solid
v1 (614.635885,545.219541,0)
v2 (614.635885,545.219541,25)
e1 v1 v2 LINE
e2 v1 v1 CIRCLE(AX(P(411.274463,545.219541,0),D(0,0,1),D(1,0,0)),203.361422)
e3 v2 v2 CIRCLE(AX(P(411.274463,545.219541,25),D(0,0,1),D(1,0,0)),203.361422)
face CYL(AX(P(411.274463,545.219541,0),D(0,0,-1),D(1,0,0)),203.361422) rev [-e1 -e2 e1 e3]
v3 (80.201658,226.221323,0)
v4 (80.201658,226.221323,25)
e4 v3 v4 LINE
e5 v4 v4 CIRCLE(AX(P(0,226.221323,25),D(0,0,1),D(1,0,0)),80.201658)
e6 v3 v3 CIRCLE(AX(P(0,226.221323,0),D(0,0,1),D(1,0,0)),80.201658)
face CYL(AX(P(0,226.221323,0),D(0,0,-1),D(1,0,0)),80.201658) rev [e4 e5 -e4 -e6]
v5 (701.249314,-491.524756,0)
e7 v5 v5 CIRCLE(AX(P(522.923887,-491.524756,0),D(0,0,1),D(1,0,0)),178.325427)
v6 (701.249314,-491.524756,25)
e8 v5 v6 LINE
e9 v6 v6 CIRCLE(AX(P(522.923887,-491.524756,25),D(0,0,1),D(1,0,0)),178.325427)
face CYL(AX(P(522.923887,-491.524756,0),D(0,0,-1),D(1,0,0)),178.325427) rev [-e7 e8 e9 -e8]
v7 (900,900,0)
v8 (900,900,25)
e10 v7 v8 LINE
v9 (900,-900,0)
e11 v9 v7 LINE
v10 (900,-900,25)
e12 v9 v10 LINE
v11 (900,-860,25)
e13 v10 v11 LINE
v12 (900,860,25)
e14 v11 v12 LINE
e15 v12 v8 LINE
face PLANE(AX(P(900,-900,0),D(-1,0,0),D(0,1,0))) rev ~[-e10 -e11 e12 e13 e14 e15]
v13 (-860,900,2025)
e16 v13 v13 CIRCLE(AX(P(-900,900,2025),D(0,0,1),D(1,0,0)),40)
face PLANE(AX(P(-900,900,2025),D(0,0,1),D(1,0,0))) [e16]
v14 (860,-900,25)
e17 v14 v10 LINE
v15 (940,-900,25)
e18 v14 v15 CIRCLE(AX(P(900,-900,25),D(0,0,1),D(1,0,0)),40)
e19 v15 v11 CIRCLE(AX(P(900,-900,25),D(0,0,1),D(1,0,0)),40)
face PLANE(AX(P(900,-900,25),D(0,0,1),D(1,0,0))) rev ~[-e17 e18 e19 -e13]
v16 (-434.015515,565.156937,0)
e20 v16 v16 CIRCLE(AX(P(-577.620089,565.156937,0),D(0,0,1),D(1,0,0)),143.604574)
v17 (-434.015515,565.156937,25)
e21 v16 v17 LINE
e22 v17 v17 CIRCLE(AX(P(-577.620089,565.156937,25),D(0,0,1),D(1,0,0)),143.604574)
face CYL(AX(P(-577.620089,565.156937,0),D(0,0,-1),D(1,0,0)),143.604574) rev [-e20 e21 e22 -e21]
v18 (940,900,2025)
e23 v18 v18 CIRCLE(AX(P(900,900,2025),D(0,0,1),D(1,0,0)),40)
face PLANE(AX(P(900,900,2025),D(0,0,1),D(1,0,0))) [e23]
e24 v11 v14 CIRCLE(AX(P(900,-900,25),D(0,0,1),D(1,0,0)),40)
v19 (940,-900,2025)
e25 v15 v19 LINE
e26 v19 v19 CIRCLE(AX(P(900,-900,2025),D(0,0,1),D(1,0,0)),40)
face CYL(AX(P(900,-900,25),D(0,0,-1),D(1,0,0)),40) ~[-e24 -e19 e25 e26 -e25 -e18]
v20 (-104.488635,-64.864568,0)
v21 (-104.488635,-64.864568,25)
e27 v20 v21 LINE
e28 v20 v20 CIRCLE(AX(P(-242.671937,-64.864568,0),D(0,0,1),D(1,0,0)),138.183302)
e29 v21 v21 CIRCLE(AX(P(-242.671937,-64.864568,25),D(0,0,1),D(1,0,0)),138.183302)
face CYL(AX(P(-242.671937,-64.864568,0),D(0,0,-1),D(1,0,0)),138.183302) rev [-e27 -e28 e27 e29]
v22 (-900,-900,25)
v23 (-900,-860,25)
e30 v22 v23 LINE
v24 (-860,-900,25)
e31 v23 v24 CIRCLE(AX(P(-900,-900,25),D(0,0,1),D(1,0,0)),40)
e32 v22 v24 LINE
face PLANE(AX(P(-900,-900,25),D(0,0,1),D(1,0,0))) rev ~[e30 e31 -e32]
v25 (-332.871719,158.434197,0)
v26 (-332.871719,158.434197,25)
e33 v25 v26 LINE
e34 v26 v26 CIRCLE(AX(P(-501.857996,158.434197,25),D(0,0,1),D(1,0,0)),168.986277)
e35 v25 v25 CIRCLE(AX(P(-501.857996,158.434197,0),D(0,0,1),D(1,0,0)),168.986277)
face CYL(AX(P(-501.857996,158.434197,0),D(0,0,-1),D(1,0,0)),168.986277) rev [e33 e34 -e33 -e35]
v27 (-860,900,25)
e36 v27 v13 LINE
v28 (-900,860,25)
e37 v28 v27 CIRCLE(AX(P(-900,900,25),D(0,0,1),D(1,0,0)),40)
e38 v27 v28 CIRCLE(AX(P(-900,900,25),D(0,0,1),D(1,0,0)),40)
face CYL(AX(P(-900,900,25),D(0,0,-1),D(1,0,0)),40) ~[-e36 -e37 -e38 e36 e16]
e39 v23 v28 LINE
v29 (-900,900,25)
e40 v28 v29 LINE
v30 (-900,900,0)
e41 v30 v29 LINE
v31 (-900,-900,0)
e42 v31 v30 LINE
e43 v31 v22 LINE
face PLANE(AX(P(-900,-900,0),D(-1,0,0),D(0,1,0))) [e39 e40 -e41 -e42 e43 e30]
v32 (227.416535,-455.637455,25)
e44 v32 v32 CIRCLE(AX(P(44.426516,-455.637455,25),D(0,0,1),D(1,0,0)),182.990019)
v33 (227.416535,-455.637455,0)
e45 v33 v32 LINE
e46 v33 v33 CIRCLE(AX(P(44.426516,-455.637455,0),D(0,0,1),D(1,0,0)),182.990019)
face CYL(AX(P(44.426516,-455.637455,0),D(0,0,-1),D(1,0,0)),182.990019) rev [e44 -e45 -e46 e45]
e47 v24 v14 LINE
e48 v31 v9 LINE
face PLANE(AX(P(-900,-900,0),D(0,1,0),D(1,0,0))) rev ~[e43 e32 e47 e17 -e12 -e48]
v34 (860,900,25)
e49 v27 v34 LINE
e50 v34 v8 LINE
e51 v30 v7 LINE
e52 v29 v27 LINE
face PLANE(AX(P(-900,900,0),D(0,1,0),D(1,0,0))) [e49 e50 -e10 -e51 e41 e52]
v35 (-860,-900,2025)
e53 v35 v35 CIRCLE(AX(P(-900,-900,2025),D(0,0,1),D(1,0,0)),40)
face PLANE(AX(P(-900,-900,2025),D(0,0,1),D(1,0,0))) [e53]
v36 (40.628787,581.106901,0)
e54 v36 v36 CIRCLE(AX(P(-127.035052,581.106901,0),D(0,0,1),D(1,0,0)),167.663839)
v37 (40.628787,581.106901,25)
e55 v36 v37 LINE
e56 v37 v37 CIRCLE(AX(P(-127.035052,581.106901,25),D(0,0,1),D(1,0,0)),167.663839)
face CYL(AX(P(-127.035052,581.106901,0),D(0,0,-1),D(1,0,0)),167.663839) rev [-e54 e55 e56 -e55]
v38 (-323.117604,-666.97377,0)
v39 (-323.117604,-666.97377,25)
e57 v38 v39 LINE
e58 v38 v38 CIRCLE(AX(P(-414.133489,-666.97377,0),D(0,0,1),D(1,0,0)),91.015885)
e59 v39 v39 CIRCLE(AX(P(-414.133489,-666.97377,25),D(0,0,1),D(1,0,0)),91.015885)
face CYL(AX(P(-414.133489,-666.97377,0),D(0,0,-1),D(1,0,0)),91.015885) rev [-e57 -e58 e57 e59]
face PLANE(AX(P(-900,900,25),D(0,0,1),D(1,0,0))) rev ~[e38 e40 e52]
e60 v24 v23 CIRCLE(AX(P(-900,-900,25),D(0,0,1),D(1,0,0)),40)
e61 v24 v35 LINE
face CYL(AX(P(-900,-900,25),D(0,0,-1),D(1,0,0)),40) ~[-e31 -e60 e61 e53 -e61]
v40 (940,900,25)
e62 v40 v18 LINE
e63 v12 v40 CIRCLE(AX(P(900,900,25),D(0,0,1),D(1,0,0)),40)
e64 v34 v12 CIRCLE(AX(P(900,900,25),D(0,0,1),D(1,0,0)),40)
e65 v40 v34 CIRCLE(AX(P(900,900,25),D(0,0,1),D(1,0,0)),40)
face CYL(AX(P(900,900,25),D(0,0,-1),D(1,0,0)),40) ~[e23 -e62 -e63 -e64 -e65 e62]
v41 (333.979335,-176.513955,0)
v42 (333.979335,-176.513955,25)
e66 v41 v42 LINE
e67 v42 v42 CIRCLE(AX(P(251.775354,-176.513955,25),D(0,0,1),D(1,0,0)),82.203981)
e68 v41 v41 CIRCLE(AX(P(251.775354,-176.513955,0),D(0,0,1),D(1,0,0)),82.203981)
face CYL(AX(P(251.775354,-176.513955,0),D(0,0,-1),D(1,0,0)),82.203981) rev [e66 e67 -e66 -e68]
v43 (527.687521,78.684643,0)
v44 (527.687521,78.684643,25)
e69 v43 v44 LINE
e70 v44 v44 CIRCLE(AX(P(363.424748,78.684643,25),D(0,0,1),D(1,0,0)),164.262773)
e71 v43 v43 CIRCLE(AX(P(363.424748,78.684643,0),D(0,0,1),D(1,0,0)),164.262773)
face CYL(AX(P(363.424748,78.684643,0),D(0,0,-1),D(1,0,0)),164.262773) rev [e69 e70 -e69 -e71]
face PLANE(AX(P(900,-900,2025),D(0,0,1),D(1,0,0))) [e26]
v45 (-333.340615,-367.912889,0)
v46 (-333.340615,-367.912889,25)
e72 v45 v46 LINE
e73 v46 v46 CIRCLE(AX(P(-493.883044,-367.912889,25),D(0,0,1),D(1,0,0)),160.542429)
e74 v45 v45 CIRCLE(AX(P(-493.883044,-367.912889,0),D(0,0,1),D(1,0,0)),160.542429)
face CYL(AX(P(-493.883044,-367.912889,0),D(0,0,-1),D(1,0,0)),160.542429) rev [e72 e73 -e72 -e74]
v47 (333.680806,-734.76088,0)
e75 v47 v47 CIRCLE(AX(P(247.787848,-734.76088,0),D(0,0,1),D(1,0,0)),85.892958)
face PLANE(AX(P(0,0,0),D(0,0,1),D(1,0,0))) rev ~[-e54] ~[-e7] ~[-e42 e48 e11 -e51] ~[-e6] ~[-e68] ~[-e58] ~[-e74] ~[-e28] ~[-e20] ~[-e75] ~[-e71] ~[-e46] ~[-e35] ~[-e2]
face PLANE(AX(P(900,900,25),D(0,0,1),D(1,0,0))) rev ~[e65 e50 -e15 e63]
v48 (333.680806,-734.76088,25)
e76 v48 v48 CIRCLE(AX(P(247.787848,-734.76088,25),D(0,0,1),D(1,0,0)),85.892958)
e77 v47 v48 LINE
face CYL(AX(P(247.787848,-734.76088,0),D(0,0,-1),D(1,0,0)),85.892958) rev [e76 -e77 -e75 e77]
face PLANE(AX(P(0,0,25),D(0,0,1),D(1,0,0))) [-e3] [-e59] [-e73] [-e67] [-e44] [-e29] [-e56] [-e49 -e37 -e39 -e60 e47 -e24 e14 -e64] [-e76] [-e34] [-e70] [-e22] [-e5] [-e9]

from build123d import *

# Parameters (mm, degrees)
F0_W     = 1800
F0_H     = 1800
F0_R     = 91.015885
F0_R_2   = 160.542429
F0_R_3   = 138.183302
F0_R_4   = 85.892958
F0_R_5   = 182.990019
F0_R_6   = 178.325427
F0_R_7   = 82.203981
F0_R_8   = 168.986277
F0_R_9   = 143.604574
F0_R_10  = 167.663839
F0_R_11  = 164.262773
F0_R_12  = 80.201658
F0_R_13  = 203.361422
F1_DEPTH = 25
F2_R     = 40
F3_DEPTH = 2000


with BuildPart() as f1:
    # F0 (on Top) → F1 (new body)
    with BuildSketch(Plane.XY):
        Rectangle(F0_W, F0_H)
        with Locations((-414.133489, -666.97377)):
            Circle(F0_R, mode=Mode.SUBTRACT)
        with Locations((-493.883044, -367.912889)):
            Circle(F0_R_2, mode=Mode.SUBTRACT)
        with Locations((-242.671937, -64.864568)):
            Circle(F0_R_3, mode=Mode.SUBTRACT)
        with Locations((247.787848, -734.76088)):
            Circle(F0_R_4, mode=Mode.SUBTRACT)
        with Locations((44.426516, -455.637455)):
            Circle(F0_R_5, mode=Mode.SUBTRACT)
        with Locations((522.923887, -491.524756)):
            Circle(F0_R_6, mode=Mode.SUBTRACT)
        with Locations((251.775354, -176.513955)):
            Circle(F0_R_7, mode=Mode.SUBTRACT)
        with Locations((-501.857996, 158.434197)):
            Circle(F0_R_8, mode=Mode.SUBTRACT)
        with Locations((-577.620089, 565.156937)):
            Circle(F0_R_9, mode=Mode.SUBTRACT)
        with Locations((-127.035052, 581.106901)):
            Circle(F0_R_10, mode=Mode.SUBTRACT)
        with Locations((363.424748, 78.684643)):
            Circle(F0_R_11, mode=Mode.SUBTRACT)
        with Locations((0, 226.221323)):
            Circle(F0_R_12, mode=Mode.SUBTRACT)
        with Locations((411.274463, 545.219541)):
            Circle(F0_R_13, mode=Mode.SUBTRACT)
    extrude(amount=F1_DEPTH)

    # F2 (on face) → F3 (join)
    with BuildSketch(Plane.XY.offset(25)):
        with Locations((900, 900)):
            Circle(F2_R)
        with Locations((900, -900)):
            Circle(F2_R)
        with Locations((-900, 900)):
            Circle(F2_R)
        with Locations((-900, -900)):
            Circle(F2_R)
    extrude(amount=F3_DEPTH)


solid = f1.part
